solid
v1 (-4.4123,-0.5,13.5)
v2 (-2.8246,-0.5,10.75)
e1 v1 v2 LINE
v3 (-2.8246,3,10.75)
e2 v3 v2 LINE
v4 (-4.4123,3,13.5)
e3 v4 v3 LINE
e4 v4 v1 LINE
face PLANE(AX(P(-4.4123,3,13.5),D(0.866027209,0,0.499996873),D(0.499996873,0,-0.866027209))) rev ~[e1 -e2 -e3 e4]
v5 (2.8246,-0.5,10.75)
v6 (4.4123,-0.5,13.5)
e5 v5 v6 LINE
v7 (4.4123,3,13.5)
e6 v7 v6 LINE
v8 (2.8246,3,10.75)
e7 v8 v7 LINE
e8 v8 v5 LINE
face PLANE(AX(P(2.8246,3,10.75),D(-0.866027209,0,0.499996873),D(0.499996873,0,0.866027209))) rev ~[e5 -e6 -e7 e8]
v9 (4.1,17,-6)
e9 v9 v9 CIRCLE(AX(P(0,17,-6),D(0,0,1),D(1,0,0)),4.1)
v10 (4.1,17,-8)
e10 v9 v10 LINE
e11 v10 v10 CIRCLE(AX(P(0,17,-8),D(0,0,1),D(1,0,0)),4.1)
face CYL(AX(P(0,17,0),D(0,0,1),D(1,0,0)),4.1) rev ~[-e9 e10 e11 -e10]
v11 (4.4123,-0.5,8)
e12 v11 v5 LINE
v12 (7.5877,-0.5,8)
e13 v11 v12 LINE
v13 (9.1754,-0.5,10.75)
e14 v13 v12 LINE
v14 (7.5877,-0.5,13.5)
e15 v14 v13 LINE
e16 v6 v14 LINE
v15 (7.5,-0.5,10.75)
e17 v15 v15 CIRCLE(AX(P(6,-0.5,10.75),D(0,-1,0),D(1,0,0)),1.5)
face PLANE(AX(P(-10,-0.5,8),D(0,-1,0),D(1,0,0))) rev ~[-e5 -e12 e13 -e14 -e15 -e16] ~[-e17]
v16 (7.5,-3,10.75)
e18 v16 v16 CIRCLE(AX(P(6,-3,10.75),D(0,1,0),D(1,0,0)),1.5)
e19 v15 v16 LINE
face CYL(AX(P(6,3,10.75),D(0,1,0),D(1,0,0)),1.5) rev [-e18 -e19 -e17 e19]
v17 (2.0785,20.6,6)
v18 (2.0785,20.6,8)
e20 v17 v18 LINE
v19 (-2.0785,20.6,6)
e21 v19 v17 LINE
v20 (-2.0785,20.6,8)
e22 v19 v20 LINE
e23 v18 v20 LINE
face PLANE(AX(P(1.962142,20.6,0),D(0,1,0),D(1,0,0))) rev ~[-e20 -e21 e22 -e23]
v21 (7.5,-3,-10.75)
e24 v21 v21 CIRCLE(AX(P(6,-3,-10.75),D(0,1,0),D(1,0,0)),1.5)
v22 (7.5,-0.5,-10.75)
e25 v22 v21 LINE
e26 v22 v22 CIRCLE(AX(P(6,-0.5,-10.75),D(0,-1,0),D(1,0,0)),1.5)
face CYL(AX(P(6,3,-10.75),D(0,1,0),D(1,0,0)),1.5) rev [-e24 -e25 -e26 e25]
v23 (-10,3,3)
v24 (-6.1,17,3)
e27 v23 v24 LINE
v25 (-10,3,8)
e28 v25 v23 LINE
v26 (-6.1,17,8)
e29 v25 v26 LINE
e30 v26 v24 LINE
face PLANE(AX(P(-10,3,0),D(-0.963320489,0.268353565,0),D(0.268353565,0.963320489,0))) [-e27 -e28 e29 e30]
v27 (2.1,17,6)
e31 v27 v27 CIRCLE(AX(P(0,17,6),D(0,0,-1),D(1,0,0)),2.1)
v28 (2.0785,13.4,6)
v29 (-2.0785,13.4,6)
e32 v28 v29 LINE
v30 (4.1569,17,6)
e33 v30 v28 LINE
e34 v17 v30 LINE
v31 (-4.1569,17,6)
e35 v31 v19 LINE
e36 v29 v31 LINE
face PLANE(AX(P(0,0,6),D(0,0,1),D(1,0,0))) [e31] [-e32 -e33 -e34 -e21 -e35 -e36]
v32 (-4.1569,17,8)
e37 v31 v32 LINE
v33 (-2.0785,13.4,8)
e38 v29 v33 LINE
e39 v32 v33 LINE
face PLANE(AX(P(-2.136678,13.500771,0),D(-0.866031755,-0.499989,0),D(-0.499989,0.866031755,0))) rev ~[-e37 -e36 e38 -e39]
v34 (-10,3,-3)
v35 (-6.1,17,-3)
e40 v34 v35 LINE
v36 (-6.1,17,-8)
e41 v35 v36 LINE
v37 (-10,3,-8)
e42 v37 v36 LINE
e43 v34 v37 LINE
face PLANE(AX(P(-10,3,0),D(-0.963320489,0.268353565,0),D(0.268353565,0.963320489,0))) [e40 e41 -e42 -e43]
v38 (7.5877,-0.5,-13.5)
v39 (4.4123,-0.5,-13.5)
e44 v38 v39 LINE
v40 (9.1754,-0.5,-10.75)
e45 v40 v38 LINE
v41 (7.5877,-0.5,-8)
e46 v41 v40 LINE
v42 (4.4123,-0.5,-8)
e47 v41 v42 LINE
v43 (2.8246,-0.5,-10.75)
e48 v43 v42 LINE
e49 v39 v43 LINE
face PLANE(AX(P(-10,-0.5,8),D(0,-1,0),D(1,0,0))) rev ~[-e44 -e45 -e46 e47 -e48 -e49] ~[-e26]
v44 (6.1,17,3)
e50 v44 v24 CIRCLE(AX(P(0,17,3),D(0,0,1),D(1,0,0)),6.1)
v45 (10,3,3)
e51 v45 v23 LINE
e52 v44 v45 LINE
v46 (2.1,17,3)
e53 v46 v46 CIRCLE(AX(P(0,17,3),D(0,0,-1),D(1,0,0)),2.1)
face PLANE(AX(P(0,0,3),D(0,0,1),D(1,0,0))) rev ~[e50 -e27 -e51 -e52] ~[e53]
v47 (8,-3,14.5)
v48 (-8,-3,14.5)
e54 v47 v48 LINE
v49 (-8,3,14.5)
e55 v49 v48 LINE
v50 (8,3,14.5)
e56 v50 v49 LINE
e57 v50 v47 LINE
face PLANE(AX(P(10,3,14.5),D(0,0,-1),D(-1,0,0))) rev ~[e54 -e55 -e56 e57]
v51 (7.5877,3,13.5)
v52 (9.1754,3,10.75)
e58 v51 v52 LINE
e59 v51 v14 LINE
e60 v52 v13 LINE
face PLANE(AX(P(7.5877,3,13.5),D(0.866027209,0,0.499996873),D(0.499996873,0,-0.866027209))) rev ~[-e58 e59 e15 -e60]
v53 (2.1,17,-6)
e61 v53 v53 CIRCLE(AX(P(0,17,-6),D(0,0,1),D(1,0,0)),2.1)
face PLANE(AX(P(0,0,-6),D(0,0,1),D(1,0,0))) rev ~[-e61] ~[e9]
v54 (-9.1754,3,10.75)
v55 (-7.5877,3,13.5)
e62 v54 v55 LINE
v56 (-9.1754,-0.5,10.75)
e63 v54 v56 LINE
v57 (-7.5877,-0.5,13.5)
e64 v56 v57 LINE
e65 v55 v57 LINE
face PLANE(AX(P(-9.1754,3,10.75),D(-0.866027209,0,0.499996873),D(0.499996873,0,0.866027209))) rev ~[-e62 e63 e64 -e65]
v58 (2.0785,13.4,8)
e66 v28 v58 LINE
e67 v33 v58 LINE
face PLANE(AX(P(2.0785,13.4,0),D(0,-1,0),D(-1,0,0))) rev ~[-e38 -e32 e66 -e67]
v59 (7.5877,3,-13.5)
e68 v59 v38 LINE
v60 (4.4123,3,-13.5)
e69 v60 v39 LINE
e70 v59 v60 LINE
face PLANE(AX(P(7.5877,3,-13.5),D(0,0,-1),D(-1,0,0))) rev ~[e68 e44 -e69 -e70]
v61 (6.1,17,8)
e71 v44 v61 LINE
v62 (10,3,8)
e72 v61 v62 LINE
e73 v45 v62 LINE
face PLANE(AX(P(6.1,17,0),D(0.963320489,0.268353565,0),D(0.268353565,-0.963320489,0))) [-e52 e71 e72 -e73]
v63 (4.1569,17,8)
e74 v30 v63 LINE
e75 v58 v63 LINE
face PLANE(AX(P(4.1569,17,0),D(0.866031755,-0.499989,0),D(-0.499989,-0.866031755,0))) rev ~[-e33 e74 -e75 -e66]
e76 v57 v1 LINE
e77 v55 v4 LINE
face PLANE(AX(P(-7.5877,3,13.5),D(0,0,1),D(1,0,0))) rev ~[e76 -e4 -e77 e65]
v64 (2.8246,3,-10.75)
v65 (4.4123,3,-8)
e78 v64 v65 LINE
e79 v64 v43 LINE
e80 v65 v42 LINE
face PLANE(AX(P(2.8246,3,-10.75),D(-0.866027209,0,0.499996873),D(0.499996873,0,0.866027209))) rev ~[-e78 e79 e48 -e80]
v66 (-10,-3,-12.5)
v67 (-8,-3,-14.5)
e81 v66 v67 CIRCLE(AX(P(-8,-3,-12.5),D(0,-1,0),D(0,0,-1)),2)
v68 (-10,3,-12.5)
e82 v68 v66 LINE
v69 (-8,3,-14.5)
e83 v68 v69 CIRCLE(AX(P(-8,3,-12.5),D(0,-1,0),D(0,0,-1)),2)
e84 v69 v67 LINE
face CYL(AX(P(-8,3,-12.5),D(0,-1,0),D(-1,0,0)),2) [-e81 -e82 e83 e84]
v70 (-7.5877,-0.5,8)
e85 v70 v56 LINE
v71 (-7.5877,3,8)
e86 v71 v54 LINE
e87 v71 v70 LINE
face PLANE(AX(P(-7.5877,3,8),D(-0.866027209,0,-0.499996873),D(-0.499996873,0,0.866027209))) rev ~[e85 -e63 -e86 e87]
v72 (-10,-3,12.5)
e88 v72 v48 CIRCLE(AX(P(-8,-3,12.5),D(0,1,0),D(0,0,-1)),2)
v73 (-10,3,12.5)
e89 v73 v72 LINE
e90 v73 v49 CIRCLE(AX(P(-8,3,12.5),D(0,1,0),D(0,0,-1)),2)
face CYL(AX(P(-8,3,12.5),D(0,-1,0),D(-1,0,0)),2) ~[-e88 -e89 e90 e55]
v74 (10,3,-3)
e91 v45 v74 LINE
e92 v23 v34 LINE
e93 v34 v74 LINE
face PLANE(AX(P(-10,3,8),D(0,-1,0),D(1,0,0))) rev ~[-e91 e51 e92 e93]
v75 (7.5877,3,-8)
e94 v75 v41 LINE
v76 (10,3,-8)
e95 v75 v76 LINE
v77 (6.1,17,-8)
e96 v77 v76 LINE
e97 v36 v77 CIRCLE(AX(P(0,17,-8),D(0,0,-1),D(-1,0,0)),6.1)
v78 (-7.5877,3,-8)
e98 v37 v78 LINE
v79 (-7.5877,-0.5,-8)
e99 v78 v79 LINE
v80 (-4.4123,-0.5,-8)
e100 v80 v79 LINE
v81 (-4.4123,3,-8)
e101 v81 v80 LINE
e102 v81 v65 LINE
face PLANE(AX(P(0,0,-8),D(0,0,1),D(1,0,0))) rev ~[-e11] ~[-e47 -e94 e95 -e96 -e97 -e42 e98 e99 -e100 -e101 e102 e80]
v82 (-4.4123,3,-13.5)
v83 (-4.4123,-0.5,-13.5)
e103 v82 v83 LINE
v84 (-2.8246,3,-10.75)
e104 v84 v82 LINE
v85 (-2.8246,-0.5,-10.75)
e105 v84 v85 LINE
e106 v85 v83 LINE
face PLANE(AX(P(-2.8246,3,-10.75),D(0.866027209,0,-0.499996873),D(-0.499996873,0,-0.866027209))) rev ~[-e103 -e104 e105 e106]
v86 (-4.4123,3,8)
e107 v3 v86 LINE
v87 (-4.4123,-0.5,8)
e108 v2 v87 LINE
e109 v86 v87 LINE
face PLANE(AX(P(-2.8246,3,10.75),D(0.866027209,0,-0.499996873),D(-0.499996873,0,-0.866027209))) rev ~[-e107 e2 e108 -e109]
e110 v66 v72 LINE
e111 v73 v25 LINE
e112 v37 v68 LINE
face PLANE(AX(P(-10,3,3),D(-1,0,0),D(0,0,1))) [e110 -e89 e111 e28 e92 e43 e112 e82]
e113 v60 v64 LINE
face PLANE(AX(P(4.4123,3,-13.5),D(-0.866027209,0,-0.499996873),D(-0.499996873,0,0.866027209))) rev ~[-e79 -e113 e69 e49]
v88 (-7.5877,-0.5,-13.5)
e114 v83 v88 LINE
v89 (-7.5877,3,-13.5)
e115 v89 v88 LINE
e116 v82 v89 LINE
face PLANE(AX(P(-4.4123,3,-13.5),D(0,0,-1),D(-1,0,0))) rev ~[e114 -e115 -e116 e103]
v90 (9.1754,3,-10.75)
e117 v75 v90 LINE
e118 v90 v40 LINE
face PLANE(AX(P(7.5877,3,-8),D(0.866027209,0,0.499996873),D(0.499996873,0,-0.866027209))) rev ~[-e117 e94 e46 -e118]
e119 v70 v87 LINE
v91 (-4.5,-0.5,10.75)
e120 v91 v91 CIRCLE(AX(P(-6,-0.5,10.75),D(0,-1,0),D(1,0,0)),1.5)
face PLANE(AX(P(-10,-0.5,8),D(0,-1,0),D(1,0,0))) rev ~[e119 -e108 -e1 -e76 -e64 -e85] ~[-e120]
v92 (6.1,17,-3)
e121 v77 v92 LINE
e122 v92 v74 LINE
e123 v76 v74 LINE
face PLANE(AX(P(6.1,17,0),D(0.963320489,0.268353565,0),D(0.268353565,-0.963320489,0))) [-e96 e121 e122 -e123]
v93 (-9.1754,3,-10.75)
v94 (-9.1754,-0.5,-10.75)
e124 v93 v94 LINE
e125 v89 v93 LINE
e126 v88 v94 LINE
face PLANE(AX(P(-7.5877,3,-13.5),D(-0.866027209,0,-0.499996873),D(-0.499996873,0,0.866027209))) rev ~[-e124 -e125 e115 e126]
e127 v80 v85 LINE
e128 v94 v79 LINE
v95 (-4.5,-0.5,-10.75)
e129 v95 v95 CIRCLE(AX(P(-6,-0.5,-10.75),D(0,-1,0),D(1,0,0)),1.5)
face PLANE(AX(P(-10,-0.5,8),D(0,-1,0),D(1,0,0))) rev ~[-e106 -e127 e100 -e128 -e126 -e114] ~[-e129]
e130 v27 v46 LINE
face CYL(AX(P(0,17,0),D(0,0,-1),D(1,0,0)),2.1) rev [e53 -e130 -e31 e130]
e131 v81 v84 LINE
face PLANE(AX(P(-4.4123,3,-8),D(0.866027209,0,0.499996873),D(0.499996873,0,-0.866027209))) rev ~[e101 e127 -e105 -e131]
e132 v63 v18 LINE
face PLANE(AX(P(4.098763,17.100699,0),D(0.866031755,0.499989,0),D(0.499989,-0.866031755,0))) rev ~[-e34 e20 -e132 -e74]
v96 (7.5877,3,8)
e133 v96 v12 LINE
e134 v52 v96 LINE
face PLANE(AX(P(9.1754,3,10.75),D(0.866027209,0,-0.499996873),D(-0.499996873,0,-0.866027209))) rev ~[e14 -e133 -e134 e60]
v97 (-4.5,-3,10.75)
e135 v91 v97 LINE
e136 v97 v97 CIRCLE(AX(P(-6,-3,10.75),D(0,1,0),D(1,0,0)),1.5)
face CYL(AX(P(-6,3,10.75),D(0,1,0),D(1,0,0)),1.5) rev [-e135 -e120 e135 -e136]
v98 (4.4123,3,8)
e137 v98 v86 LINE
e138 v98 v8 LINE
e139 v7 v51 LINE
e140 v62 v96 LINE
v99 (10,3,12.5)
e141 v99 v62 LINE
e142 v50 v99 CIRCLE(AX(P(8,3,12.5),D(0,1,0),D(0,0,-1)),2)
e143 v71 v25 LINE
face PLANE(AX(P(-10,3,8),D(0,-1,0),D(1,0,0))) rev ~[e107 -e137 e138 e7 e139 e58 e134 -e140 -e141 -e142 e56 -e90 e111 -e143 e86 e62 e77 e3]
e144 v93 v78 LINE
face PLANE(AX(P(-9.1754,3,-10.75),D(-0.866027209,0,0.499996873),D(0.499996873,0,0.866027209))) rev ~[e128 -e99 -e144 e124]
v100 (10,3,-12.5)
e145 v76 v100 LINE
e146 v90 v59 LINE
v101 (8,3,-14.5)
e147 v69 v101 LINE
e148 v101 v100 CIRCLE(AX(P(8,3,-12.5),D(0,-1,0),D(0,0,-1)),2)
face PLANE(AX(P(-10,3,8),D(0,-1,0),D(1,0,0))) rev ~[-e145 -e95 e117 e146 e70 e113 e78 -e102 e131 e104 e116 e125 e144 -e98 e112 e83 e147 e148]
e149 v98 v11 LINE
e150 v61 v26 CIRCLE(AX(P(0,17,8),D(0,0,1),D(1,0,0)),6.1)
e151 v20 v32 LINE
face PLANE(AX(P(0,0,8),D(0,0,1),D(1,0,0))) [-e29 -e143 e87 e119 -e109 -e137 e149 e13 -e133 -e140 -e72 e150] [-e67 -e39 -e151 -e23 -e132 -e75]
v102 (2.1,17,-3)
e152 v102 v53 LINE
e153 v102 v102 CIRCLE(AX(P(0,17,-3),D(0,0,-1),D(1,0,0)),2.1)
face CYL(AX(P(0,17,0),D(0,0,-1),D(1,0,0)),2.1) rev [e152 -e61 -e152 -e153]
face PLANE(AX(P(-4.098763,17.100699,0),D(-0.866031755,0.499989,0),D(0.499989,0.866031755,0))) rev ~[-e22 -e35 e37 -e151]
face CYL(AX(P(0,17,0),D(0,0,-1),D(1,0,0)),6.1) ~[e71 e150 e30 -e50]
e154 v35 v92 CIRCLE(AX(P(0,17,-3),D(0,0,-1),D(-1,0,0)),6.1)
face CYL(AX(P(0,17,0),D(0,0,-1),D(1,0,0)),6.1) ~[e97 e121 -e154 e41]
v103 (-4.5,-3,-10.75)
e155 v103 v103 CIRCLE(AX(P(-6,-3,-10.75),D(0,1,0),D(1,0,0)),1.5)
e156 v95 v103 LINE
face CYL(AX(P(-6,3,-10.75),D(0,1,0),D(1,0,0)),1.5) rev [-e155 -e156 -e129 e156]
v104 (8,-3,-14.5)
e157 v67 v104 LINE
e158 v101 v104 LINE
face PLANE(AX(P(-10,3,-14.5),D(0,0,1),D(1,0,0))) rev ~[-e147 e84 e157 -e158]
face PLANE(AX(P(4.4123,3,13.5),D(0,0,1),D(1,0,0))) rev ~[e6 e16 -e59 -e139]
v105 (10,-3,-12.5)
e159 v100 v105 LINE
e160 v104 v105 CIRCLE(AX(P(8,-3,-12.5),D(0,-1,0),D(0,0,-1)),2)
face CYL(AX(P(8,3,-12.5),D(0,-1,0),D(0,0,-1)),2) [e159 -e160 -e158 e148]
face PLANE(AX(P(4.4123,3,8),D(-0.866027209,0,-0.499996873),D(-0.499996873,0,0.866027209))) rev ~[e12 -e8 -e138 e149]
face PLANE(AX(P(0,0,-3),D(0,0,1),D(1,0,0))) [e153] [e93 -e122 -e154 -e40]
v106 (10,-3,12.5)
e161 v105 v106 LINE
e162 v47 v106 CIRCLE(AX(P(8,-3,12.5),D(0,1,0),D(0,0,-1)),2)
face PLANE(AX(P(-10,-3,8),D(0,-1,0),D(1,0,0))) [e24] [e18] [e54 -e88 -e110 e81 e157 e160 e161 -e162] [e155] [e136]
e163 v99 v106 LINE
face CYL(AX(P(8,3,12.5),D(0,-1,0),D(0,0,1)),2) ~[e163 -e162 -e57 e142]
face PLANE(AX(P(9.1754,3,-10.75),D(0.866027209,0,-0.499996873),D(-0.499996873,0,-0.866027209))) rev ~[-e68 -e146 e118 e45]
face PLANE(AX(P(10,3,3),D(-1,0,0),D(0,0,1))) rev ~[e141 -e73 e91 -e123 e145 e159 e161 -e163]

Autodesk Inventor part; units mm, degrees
ref_plane "YZ Plane" through (0, 0, 0) normal (1, 0, 0) x (0, 1, 0)
ref_plane "XZ Plane" through (0, 0, 0) normal (0, 1, 0) x (-1, 0, 0)
ref_plane "XY Plane" through (0, 0, 0) normal (0, 0, 1) x (1, 0, 0)
sketch "Vertical" plane through (0, 0, 0) normal (0, 0, 1) x (1, 0, 0)
  line L0 (10, -3) -> (-10, -3)
  line L1 (-10, -3) -> (-10, 3)
  line L2 (-10, 3) -> (10, 3)
  line L3 (10, 3) -> (10, -3)
  line L4 (10, -3) -> (-10, 3) construction
  line L5 (-10, -3) -> (10, 3) construction
  line L6 (-10, 3) -> (-6.1, 17)
  arc A0 (6.1, 17) -> (-6.1, 17) centre (0, 17) ccw
  line L7 (6.1, 17) -> (10, 3)
  line L8 (0, -8.22) -> (0, 28.32) projected
  circle A1 centre (0, 17) radius 2.1
  line L9 (-6.1, 17) -> (6.1, 17)
  circle A2 centre (0, 17) radius 4.1
  line L10 (-4.1569, 17) -> (-2.0785, 20.6)
  line L11 (-2.0785, 20.6) -> (2.0785, 20.6)
  line L12 (2.0785, 20.6) -> (4.1569, 17)
  line L13 (4.1569, 17) -> (2.0785, 13.4)
  line L14 (2.0785, 13.4) -> (-2.0785, 13.4)
  line L15 (-2.0785, 13.4) -> (-4.1569, 17)
  point P0 (0, 0)
  point P1 (0, 0)
  point P2 (-1.9621, 20.6)
  point P3 (-2.1366, 20.4993)
  point P4 (4.0988, 17.1007)
  point P5 (4.0988, 16.8993)
  point P6 (2.1366, 20.4993)
  point P7 (1.9621, 20.6)
  point P8 (1.9621, 13.4)
  point P9 (2.1366, 13.5007)
  point P10 (-2.1366, 13.5007)
  point P11 (-1.9621, 13.4)
  point P12 (-4.0988, 16.8993)
  point P13 (-4.0988, 17.1007)
  dimension "d6" = 6
  dimension "d7" = 20
  dimension "d8" = 14
  dimension "d9" = 4.2
  dimension "d10" = 4
  dimension "d11" = 8.2
  dimension "d12" = 20
  dimension "d34" = 7.2
extrude "Extrusion1" add sketch "Vertical" along normal mid plane 16 contours L2 L8 A2 L14 L13 L9 L7 | L2 L6 L9 L15 A2 L14 L8 | L9 L12 A2 L11 L8 A0 | A2 L14 L8 | L8 L14 A2 | L8 A2 L11 L10 L9 A0 | L13 A2 L9 | L9 A2 L12 | L14 A2 L15 L9 A1 L8 | L8 A1 L9 A2 L13 L14 | L14 L15 A2 | A2 L13 L14 | A2 L11 L8 | L8 L11 A2 | L9 A1 L8 L11 A2 L12 | L12 A2 | A2 L13 | L10 A2 L9 | L9 A2 L15 | A2 L15 | L8 A1 L9 A2 L10 L11 | L11 L12 A2 | A2 L10 L11 | A2 L10
extrude "Extrusion6" cut sketch "Vertical" against normal through all contours A2 L14 L8 | L8 L14 A2 | L14 A2 L15 L9 A1 L8 | L8 A1 L9 A2 L13 L14 | A2 L11 L8 | L8 L11 A2 | L9 A1 L8 L11 A2 L12 | L12 A2 | A2 L13 | A1 L9 L8 | L8 L9 A1 | A2 L15 | L8 A1 L9 A2 L10 L11 | L9 L8 A1 | A2 L10 | L9 A1 L8
extrude "Extrusion8" cut sketch "Vertical" along normal through all contours L13 A2 L9 | L9 A2 L12 | L14 A2 L15 L9 A1 L8 | L8 A1 L9 A2 L13 L14 | L14 L15 A2 | A2 L13 L14 | L9 A1 L8 L11 A2 L12 | L10 A2 L9 | L9 A2 L15 | A1 L9 L8 | L8 L9 A1 | L8 A1 L9 A2 L10 L11 | L11 L12 A2 | A2 L10 L11 | L9 L8 A1 | L9 A1 L8
extrude "Extrusion7" add sketch "Vertical" along normal mid plane 12 contours A2 L14 L8 | L8 L14 A2 | L13 A2 L9 | L9 A2 L12 | L14 A2 L15 L9 A1 L8 | L8 A1 L9 A2 L13 L14 | L14 L15 A2 | A2 L13 L14 | A2 L11 L8 | L8 L11 A2 | L9 A1 L8 L11 A2 L12 | L12 A2 | A2 L13 | L10 A2 L9 | L9 A2 L15 | A2 L15 | L8 A1 L9 A2 L10 L11 | L11 L12 A2 | A2 L10 L11 | A2 L10
extrude "Extrusion2" cut sketch "Vertical" along normal mid plane 6 contours L2 L8 A2 L14 L13 L9 L7 | L2 L6 L9 L15 A2 L14 L8 | L9 L12 A2 L11 L8 A0 | A2 L14 L8 | L8 L14 A2 | L8 A2 L11 L10 L9 A0 | L13 A2 L9 | L9 A2 L12 | L14 A2 L15 L9 A1 L8 | L8 A1 L9 A2 L13 L14 | L14 L15 A2 | A2 L13 L14 | A2 L11 L8 | L8 L11 A2 | L9 A1 L8 L11 A2 L12 | L12 A2 | A2 L13 | L10 A2 L9 | L9 A2 L15 | A1 L9 L8 | L8 L9 A1 | A2 L15 | L8 A1 L9 A2 L10 L11 | L11 L12 A2 | A2 L10 L11 | L9 L8 A1 | A2 L10 | L9 A1 L8
sketch "Horizontale" plane through (-10, 3, 8) normal (0, -1, 0) x (1, 0, 0)
  line L0 (0, -5) -> (20, -5) projected
  line L1 (20, -5) -> (20, 0) projected
  line L2 (0, 0) -> (20, 0) projected
  line L3 (0, -5) -> (0, 0) projected
  line L4 (20, -11) -> (0, -11) projected
  line L5 (0, -16) -> (0, -11) projected
  line L6 (20, -16) -> (0, -16) projected
  line L7 (20, -16) -> (20, -11) projected
  line L8 (20, -8) -> (0, -8) projected
  line L9 (0, -22.5) -> (20, -22.5)
  line L10 (20, -22.5) -> (20, 6.5)
  line L11 (20, 6.5) -> (0, 6.5)
  line L12 (0, 6.5) -> (0, -22.5)
  line L13 (0, -22.5) -> (20, 6.5) construction
  line L14 (20, -22.5) -> (0, 6.5) construction
  line L15 (4, -18.75) -> (16, -18.75) construction
  line L16 (16, -18.75) -> (16, 2.75) construction
  line L17 (16, 2.75) -> (4, 2.75) construction
  line L18 (4, 2.75) -> (4, -18.75) construction
  line L19 (4, -18.75) -> (16, 2.75) construction
  line L20 (16, -18.75) -> (4, 2.75) construction
  circle A0 centre (16, 2.75) radius 1.5
  circle A1 centre (4, 2.75) radius 1.5
  circle A2 centre (16, -18.75) radius 1.5
  circle A3 centre (4, -18.75) radius 1.5
  line L21 (14.4123, 0) -> (12.8246, 2.75)
  line L22 (12.8246, 2.75) -> (14.4123, 5.5)
  line L23 (14.4123, 5.5) -> (17.5877, 5.5)
  line L24 (17.5877, 5.5) -> (19.1754, 2.75)
  line L25 (19.1754, 2.75) -> (17.5877, 0)
  line L26 (17.5877, 0) -> (14.4123, 0)
  line L27 (2.4123, 0) -> (0.8246, 2.75)
  line L28 (0.8246, 2.75) -> (2.4123, 5.5)
  line L29 (2.4123, 5.5) -> (5.5877, 5.5)
  line L30 (5.5877, 5.5) -> (7.1754, 2.75)
  line L31 (7.1754, 2.75) -> (5.5877, 0)
  line L32 (5.5877, 0) -> (2.4123, 0)
  line L33 (5.5877, -16) -> (7.1754, -18.75)
  line L34 (7.1754, -18.75) -> (5.5877, -21.5)
  line L35 (5.5877, -21.5) -> (2.4123, -21.5)
  line L36 (2.4123, -21.5) -> (0.8246, -18.75)
  line L37 (0.8246, -18.75) -> (2.4123, -16)
  line L38 (2.4123, -16) -> (5.5877, -16)
  line L39 (17.5877, -16) -> (19.1754, -18.75)
  line L40 (19.1754, -18.75) -> (17.5877, -21.5)
  line L41 (17.5877, -21.5) -> (14.4123, -21.5)
  line L42 (14.4123, -21.5) -> (12.8246, -18.75)
  line L43 (12.8246, -18.75) -> (14.4123, -16)
  line L44 (14.4123, -16) -> (17.5877, -16)
  point P0 (10, -8)
  point P1 (16, 0)
  point P2 (4, 0)
  point P3 (4, -16)
  point P4 (16, -16)
  point P5 (2.4123, 0)
  point P6 (5.5877, 0)
  point P7 (2.4123, -16)
  point P8 (14.4123, 0)
  point P9 (17.5877, 0)
  dimension "d17" = 5.5
  dimension "d18" = 3
  dimension "d19" = 1
  dimension "d20" = 12
  dimension "d21" = 21.5
  dimension "d28" = 6
extrude "Extrusion3" add sketch "Horizontale" along normal blind 6 contours L3 L2 L1 L0 | L0 L10 L8 L12 | L12 L11 L10 L2 L25 L24 L23 L22 L21 L31 L30 L29 L28 L27 | L8 L10 L4 L12 | L27 L28 L29 L30 L31 L2 | L4 L7 L6 L5 | L2 L21 L22 L23 L24 L25 | L6 L37 L36 L35 L34 L33 L43 L42 L41 L40 L39 L10 L9 L12 | L6 L33 L34 L35 L36 L37 | L39 L40 L41 L42 L43 L6 | A0 | A1 | A2 | A3
extrude "Extrusion4" cut sketch "Horizontale" along normal through all contours A0 | A1 | A2 | A3
extrude "Extrusion5" cut sketch "Horizontale" along normal blind 3.5 contours L27 L28 L29 L30 L31 L2 | L2 L21 L22 L23 L24 L25 | L6 L33 L34 L35 L36 L37 | L39 L40 L41 L42 L43 L6
fillet "Congé1" radius 2 4 edges at (10, 0, 14.5) (-10, 0, 14.5) (10, 0, -14.5) (-10, 0, -14.5)
properties part number "Support rotation"
